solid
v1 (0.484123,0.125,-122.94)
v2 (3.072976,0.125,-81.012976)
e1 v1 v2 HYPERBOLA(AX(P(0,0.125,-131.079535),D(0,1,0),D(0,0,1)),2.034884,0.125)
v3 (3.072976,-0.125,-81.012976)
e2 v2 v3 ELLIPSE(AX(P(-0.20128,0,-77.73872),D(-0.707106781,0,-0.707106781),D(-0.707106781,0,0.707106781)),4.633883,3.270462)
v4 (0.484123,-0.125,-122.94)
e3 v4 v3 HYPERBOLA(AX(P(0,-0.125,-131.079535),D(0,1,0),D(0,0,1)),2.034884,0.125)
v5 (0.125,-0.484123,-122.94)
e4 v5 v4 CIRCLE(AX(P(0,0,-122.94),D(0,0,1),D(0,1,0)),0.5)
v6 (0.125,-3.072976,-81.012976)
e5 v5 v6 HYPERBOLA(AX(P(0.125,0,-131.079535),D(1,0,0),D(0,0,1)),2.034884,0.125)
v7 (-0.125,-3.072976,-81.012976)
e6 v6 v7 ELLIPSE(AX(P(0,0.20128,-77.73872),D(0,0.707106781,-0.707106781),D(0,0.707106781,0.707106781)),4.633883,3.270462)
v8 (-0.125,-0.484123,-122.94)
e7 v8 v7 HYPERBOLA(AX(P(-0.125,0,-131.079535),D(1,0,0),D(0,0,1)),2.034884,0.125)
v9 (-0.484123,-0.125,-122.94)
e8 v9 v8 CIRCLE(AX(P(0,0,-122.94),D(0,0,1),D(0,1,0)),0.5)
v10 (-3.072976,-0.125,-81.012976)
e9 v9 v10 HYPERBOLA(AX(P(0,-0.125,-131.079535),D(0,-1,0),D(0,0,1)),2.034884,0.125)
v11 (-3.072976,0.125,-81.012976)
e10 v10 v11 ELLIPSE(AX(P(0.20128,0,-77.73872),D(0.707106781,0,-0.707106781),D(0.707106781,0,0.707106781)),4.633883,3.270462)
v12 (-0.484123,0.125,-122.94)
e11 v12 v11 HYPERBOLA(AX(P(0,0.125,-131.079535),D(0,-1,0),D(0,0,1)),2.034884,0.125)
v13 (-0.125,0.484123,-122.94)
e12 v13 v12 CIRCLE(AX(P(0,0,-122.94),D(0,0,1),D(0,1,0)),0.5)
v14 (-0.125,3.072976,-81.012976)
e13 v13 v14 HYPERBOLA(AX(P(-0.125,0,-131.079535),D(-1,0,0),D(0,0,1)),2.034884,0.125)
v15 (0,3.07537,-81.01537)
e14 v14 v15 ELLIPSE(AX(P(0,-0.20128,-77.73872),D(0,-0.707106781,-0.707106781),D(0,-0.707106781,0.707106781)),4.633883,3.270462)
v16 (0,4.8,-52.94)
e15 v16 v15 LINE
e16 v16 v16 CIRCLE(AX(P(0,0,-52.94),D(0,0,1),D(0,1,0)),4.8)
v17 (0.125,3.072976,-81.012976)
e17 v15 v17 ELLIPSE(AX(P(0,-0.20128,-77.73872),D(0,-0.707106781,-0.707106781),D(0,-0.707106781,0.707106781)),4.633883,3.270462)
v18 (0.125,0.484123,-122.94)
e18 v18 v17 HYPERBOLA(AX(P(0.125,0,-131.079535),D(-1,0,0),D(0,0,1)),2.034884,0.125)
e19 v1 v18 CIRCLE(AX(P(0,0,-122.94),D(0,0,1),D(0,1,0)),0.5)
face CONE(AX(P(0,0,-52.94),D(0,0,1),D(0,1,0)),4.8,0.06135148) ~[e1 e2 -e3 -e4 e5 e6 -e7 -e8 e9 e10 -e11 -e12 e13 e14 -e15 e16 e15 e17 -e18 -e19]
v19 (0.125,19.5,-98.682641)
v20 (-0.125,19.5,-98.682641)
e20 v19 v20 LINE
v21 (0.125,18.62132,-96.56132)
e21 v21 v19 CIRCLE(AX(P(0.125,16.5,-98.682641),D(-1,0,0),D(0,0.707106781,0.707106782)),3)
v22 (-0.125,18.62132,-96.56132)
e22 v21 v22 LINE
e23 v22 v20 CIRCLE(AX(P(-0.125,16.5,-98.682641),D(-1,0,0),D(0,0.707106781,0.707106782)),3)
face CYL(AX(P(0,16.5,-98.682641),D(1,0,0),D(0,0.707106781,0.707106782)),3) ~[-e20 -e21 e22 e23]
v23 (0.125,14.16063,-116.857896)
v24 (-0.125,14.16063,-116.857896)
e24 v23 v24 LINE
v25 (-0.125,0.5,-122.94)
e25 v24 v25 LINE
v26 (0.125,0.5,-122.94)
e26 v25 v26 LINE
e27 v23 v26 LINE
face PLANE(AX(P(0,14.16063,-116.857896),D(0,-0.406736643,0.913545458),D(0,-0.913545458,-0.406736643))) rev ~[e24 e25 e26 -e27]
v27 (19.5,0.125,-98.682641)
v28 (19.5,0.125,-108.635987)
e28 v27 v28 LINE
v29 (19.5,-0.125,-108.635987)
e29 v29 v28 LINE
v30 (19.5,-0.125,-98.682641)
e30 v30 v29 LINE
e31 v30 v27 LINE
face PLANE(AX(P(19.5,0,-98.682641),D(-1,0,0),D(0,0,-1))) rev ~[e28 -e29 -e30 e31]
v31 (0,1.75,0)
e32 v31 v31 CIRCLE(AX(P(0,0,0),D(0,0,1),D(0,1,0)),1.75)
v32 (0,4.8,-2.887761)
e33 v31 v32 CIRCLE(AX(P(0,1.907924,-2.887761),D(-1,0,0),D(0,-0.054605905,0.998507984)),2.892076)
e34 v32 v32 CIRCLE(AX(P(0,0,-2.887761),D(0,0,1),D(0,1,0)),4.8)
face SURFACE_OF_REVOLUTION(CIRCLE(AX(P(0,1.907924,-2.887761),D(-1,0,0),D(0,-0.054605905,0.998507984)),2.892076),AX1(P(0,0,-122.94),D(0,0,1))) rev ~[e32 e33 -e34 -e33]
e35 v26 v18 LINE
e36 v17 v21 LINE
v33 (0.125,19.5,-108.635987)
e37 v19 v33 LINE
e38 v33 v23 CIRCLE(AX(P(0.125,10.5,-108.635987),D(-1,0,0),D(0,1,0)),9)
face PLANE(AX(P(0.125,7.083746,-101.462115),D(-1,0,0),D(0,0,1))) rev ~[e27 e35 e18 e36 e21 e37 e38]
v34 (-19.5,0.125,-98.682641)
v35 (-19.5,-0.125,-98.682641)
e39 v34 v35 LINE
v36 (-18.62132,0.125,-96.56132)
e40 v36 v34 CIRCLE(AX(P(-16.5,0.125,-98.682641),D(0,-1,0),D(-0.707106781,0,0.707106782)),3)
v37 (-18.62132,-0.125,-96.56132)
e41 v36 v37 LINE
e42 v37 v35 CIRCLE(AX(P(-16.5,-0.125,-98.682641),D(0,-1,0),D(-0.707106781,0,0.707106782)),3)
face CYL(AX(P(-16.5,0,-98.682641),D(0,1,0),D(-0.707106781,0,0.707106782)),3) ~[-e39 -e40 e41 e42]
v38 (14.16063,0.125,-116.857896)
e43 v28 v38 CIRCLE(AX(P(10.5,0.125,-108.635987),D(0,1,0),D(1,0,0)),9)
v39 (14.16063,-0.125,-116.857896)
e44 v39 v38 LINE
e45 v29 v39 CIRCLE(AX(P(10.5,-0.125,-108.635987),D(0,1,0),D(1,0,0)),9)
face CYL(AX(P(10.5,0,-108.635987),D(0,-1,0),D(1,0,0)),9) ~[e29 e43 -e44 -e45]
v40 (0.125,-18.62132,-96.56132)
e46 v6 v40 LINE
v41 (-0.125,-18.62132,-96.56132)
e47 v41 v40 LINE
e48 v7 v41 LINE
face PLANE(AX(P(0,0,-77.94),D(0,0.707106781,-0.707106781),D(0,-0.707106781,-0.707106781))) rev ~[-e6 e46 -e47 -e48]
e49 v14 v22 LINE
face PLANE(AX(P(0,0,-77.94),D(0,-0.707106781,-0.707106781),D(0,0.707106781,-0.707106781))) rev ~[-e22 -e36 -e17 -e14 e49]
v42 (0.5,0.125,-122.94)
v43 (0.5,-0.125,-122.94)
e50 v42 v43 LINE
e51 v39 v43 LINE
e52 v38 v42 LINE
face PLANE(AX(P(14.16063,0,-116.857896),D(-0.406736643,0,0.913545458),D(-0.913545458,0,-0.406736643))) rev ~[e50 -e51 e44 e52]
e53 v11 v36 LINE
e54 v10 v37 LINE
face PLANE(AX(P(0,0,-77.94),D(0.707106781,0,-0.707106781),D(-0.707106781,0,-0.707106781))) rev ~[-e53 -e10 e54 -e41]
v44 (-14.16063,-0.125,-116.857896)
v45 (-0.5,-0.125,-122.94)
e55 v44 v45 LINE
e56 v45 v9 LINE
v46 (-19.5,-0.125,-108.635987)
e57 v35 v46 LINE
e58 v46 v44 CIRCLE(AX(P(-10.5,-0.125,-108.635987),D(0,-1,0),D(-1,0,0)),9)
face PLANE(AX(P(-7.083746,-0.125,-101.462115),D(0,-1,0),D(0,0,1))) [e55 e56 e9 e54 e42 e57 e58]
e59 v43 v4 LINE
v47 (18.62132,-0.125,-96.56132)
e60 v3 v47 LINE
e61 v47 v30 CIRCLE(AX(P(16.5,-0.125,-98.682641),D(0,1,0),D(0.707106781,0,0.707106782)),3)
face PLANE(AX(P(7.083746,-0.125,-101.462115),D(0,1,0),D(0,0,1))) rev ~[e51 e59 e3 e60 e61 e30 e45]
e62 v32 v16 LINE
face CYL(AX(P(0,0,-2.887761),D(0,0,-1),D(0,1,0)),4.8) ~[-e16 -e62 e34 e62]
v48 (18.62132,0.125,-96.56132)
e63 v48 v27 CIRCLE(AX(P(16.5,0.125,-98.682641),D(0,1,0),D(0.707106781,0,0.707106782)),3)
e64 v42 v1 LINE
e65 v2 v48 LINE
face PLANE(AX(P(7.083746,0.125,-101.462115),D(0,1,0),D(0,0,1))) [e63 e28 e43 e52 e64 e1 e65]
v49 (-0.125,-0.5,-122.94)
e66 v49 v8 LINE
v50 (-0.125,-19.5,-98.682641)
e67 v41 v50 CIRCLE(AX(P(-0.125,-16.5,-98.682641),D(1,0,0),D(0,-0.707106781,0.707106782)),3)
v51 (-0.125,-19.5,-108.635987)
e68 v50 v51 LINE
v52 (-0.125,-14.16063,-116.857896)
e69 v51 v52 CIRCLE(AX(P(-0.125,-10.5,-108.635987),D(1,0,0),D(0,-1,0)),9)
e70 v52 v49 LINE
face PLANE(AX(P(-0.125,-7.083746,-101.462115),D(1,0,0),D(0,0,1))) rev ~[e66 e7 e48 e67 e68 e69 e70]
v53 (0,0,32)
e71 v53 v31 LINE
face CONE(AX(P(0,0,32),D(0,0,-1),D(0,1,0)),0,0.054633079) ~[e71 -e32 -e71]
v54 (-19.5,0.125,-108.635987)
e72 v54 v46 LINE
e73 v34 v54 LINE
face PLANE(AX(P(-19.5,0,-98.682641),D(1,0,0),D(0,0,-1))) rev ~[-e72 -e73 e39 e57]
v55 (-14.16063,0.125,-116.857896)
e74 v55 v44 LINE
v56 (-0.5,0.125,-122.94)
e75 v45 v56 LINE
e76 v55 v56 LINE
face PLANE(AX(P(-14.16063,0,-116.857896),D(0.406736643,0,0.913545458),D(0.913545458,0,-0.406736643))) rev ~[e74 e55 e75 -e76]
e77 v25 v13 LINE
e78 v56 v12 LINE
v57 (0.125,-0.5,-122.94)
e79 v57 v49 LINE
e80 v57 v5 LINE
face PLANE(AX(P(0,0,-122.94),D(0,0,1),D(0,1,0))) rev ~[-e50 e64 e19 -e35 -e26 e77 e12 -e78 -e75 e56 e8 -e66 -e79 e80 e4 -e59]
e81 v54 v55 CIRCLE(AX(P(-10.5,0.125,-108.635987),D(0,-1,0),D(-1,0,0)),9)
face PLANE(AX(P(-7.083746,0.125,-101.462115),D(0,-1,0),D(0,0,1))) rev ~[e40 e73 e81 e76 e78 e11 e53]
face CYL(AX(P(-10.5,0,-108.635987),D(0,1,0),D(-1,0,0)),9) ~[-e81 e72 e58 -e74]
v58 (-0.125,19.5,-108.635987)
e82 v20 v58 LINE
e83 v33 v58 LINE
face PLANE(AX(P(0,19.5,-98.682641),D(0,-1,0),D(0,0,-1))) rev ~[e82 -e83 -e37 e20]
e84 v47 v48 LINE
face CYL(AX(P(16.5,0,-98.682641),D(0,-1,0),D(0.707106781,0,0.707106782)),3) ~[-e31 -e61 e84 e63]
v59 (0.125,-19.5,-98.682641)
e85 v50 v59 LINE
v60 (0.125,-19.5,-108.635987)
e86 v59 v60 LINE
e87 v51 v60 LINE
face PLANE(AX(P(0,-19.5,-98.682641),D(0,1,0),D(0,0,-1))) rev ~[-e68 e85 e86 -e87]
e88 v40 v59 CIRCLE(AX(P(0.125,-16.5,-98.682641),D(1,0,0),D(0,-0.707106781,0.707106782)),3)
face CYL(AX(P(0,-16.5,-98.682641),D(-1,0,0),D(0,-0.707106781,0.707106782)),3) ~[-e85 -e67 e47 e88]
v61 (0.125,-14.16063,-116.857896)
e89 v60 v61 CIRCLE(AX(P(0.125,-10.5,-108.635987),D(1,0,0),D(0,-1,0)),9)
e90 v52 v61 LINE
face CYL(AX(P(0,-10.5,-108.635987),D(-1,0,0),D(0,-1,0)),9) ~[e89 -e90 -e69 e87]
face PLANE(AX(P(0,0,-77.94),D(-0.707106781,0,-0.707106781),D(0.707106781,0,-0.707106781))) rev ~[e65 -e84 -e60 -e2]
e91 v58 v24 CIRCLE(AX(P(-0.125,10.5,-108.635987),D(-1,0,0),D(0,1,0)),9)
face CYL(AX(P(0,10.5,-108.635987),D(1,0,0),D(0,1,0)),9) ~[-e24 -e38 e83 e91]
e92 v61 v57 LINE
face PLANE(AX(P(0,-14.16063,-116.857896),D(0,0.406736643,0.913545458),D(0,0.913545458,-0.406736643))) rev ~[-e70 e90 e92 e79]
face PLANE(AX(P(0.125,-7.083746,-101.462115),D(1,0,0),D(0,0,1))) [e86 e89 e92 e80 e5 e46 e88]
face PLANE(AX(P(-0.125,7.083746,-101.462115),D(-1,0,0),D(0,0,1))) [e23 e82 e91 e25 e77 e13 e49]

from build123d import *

# Parameters (mm, degrees)
FLIGHT_DEPTH  = 0.125
FLIGHTS_COUNT = 4


with BuildPart() as part:
    # Sketch1 → Dart (revolve)
    with BuildSketch(Plane(origin=(0, 0, 0), x_dir=(0, 0, -1), z_dir=(1, 0, 0))):
        with BuildLine():
            Line((0, 0), (-32, 0))
            Line((-32, 0), (0, 1.75))
            ThreePointArc((0, 1.75), (0.787661698, 3.896312185), (2.887760572, 4.8))
            Line((2.887760572, 4.8), (52.94, 4.8))
            Line((52.94, 4.8), (122.94, 0.5))
            Line((122.94, 0.5), (122.94, 0))
            Line((122.94, 0), (0, 0))
        make_face()
    revolve(axis=Axis((0, 0, -122.94), (0, 0, 1)))

    # Sketch3 → Flight (add, symmetric)
    with BuildSketch(Plane(origin=(0, 0, 0), x_dir=(0, 0, -1), z_dir=(1, 0, 0))):
        with BuildLine():
            Line((77.94, 0), (96.561320344, 18.621320344))
            ThreePointArc((96.561320344, 18.621320344), (97.53459039, 19.271638598), (98.682640687, 19.5))
            Line((98.682640687, 19.5), (108.63598664, 19.5))
            ThreePointArc((108.63598664, 19.5), (113.537737955, 18.048035112), (116.857895759, 14.160629788))
            Line((116.857895759, 14.160629788), (122.94, 0.5))
            Line((122.94, 0.5), (122.94, 0))
            Line((122.94, 0), (77.94, 0))
        make_face()
    flight = extrude(amount=FLIGHT_DEPTH, both=True)

    # Flights: Flight ×4 about axis
    flights_axis = Axis((0, 0, 0), (0, 0, 1))
    for i in range(1, FLIGHTS_COUNT):
        add(flight.rotate(flights_axis, i * 360 / FLIGHTS_COUNT))


solid = part.part
